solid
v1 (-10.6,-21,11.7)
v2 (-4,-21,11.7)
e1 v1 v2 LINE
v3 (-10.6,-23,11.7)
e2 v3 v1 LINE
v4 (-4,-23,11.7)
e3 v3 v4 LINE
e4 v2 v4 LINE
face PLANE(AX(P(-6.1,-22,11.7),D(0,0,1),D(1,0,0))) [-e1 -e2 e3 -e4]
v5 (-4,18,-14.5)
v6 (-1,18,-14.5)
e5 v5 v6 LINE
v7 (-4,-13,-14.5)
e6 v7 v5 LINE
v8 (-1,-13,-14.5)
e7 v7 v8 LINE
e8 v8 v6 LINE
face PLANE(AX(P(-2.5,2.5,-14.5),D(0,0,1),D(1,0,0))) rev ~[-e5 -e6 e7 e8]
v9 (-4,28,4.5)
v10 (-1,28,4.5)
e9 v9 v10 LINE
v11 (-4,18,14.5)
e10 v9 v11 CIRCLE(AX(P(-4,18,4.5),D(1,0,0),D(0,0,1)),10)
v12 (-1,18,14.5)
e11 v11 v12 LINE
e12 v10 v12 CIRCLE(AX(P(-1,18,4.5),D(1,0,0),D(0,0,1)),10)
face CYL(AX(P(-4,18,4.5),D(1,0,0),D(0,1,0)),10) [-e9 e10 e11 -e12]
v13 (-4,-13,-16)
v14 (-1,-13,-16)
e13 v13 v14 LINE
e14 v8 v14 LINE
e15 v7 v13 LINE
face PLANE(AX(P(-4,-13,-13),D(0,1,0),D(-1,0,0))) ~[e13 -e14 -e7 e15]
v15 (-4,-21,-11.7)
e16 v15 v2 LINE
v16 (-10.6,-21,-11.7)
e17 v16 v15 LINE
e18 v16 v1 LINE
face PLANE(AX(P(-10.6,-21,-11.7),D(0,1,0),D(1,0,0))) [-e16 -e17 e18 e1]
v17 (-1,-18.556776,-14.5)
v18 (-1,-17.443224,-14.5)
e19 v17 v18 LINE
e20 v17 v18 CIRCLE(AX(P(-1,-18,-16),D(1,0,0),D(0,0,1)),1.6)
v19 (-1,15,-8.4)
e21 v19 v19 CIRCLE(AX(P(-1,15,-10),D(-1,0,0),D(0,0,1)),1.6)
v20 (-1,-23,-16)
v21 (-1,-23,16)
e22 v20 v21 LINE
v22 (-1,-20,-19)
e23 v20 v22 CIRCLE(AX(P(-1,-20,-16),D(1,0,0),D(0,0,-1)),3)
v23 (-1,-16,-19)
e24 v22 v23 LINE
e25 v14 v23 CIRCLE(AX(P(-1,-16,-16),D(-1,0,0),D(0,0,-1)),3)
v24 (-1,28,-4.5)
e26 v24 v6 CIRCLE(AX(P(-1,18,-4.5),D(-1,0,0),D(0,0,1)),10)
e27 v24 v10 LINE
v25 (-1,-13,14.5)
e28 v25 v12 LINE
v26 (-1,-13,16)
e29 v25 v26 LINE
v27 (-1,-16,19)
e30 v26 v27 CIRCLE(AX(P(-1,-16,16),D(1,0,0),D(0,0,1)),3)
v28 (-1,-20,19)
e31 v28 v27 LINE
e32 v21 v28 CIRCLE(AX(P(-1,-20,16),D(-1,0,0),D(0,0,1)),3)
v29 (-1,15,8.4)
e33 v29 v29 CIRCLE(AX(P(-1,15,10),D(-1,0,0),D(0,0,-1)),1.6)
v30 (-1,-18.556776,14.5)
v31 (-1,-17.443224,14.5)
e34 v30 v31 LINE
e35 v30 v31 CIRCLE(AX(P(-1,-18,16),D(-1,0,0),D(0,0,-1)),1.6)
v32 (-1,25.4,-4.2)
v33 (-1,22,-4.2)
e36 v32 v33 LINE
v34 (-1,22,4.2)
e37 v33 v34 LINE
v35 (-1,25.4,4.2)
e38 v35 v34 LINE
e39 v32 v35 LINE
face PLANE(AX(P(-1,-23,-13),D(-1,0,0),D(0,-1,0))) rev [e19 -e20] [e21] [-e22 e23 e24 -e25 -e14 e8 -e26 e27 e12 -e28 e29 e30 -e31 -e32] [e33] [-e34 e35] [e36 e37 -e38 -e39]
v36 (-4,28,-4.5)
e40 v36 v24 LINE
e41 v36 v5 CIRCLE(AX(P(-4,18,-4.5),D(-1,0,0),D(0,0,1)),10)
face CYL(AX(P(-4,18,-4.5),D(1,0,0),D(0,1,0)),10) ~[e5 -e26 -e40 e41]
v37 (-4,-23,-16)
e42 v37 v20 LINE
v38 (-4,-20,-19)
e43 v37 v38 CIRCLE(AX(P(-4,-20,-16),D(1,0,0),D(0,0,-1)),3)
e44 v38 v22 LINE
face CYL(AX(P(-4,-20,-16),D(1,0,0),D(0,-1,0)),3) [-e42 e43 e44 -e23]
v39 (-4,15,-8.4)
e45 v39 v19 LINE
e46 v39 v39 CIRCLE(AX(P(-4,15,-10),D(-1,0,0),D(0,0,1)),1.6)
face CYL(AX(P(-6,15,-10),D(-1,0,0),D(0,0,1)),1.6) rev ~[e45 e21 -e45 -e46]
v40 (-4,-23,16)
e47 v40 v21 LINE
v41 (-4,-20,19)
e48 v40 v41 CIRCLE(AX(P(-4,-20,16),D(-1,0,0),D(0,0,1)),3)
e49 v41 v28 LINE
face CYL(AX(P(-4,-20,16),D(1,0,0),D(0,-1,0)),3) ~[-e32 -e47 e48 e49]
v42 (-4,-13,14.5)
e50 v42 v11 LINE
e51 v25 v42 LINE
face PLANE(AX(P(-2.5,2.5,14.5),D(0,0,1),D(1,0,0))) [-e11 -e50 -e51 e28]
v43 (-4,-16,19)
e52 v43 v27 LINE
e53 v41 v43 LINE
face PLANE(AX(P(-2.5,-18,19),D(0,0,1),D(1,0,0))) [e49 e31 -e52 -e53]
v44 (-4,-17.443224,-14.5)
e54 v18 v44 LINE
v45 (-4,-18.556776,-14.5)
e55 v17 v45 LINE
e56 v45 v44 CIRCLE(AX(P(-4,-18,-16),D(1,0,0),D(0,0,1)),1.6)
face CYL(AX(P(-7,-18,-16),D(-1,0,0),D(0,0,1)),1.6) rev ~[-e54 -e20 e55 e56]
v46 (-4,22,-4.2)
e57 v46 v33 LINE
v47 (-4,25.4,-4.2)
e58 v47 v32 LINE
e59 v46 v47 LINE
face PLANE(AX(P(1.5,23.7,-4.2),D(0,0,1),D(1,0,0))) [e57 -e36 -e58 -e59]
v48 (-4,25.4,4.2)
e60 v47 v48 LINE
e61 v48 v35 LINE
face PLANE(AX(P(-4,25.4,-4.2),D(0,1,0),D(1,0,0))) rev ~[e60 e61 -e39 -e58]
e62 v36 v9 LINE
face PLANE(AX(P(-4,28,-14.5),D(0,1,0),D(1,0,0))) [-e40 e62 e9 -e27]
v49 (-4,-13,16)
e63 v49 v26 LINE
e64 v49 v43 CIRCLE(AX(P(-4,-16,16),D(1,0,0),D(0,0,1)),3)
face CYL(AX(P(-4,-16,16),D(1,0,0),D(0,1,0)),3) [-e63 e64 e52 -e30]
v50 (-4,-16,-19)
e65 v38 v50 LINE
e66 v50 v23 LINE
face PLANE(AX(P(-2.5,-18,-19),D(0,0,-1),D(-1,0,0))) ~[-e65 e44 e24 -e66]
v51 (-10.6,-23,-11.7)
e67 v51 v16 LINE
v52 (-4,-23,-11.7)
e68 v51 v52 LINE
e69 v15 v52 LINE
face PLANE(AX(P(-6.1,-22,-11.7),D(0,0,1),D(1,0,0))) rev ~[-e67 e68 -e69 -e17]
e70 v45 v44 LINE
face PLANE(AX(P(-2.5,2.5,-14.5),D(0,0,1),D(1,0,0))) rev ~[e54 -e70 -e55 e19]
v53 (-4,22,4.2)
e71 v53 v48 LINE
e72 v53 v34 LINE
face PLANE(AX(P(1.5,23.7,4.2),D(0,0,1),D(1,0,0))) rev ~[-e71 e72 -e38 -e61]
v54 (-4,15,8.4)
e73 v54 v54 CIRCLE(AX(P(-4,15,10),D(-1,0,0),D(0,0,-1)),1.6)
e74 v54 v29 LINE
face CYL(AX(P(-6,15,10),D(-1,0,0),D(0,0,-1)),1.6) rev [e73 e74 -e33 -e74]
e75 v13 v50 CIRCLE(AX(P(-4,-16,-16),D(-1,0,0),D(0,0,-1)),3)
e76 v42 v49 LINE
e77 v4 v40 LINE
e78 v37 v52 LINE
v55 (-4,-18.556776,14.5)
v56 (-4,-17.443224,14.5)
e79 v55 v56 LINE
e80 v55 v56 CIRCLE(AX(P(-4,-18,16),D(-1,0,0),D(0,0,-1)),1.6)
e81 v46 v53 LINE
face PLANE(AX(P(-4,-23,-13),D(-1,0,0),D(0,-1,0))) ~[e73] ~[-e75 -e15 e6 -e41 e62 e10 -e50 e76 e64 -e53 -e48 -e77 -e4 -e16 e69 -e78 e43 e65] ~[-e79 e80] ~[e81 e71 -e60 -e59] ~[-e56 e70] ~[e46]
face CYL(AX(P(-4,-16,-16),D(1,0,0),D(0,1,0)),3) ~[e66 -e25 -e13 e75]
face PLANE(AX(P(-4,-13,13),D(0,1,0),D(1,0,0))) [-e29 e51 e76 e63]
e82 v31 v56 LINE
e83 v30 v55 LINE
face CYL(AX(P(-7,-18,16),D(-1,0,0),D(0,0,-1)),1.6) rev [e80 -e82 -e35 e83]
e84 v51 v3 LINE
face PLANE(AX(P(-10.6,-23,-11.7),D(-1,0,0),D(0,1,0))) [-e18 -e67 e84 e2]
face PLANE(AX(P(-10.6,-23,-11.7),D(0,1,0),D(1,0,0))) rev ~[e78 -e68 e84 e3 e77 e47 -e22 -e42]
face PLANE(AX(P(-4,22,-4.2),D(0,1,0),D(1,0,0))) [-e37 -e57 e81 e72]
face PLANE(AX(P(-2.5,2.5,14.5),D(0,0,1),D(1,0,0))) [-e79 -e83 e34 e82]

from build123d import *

# Parameters (mm, degrees)
CYLINDER004_R     = 1.6
CYLINDER004_DEPTH = 7
BOX008_W          = 11
BOX008_H          = 3.4
BOX008_DEPTH      = 8.4
CYLINDER003_R     = 1.6
CYLINDER003_DEPTH = 7
BOX007_W          = 3
BOX007_H          = 10
BOX007_DEPTH      = 6
FILLET003_R       = 3
BOX009_W          = 9
BOX009_H          = 2
BOX009_DEPTH      = 23.4
BOX006_W          = 3
BOX006_H          = 51
BOX006_DEPTH      = 29
FILLET002_R       = 10


with BuildPart() as screw_hole_cylinder003:
    # Cylinder004 → Cylinder004 (new body)
    with BuildSketch(Plane(origin=(-6, 15, 10), x_dir=(0, 0, -1), z_dir=(1, 0, 0))):
        Circle(CYLINDER004_R)
    extrude(amount=CYLINDER004_DEPTH)


with BuildPart() as wire_extract_cube001:
    # Box008 → Box008 (new body)
    with BuildSketch(Plane(origin=(-4, 22, -4.2), x_dir=(1, 0, 0), z_dir=(0, 0, 1))):
        with Locations((5.5, 1.7)):
            Rectangle(BOX008_W, BOX008_H)
    extrude(amount=BOX008_DEPTH)


with BuildPart() as cover_extract_fusion:
    # Part__Mirroring004: instance of screw hole cylinder003
    add(screw_hole_cylinder003.part.mirror(Plane(origin=(0, 0, 0), x_dir=(0, 1, 0), z_dir=(0, 0, 1))))

    # Fusion002: union screw hole cylinder003, wire extract cube001
    add(screw_hole_cylinder003.part)
    add(wire_extract_cube001.part)


with BuildPart() as screw_hole_cylinder002:
    # Cylinder003 → Cylinder003 (new body)
    with BuildSketch(Plane(origin=(-7, -18, 16), x_dir=(0, 0, -1), z_dir=(1, 0, 0))):
        Circle(CYLINDER003_R)
    extrude(amount=CYLINDER003_DEPTH)


with BuildPart() as cut002:
    # Box007 → Box007 (new body)
    with BuildSketch(Plane(origin=(-4, -23, 13), x_dir=(1, 0, 0), z_dir=(0, 0, 1))):
        with Locations((1.5, 5)):
            Rectangle(BOX007_W, BOX007_H)
    extrude(amount=BOX007_DEPTH)

    # Fillet003
    fillet003_edges = [cut002.edges().sort_by_distance(p)[0] for p in [
        (-2.5, -23, 19),
        (-2.5, -13, 19),
    ]]
    fillet(fillet003_edges, radius=FILLET003_R)

    # Cut002: cut screw hole cylinder002
    add(screw_hole_cylinder002.part, mode=Mode.SUBTRACT)


with BuildPart() as part_mirroring003:
    # Part__Mirroring003: instance of Cut002
    add(cut002.part.mirror(Plane(origin=(0, 0, 0), x_dir=(0, 1, 0), z_dir=(0, 0, 1))))


with BuildPart() as external_cube_border:
    # Box009 → Box009 (new body)
    with BuildSketch(Plane(origin=(-10.6, -23, -11.7), x_dir=(1, 0, 0), z_dir=(0, 0, 1))):
        with Locations((4.5, 1)):
            Rectangle(BOX009_W, BOX009_H)
    extrude(amount=BOX009_DEPTH)


with BuildPart() as cover_cut:
    # Box006 → Box006 (new body)
    with BuildSketch(Plane(origin=(-4, -23, -14.5), x_dir=(1, 0, 0), z_dir=(0, 0, 1))):
        with Locations((1.5, 25.5)):
            Rectangle(BOX006_W, BOX006_H)
    extrude(amount=BOX006_DEPTH)

    # Fillet002
    fillet002_edges = [cover_cut.edges().sort_by_distance(p)[0] for p in [
        (-2.5, 28, -14.5),
        (-2.5, 28, 14.5),
    ]]
    fillet(fillet002_edges, radius=FILLET002_R)

    # Fusion003: union Part__Mirroring003, Cut002, external cube border
    add(part_mirroring003.part)
    add(cut002.part)
    add(external_cube_border.part)

    # Cut003: cut cover extract fusion
    add(cover_extract_fusion.part, mode=Mode.SUBTRACT)


solid = cover_cut.part
